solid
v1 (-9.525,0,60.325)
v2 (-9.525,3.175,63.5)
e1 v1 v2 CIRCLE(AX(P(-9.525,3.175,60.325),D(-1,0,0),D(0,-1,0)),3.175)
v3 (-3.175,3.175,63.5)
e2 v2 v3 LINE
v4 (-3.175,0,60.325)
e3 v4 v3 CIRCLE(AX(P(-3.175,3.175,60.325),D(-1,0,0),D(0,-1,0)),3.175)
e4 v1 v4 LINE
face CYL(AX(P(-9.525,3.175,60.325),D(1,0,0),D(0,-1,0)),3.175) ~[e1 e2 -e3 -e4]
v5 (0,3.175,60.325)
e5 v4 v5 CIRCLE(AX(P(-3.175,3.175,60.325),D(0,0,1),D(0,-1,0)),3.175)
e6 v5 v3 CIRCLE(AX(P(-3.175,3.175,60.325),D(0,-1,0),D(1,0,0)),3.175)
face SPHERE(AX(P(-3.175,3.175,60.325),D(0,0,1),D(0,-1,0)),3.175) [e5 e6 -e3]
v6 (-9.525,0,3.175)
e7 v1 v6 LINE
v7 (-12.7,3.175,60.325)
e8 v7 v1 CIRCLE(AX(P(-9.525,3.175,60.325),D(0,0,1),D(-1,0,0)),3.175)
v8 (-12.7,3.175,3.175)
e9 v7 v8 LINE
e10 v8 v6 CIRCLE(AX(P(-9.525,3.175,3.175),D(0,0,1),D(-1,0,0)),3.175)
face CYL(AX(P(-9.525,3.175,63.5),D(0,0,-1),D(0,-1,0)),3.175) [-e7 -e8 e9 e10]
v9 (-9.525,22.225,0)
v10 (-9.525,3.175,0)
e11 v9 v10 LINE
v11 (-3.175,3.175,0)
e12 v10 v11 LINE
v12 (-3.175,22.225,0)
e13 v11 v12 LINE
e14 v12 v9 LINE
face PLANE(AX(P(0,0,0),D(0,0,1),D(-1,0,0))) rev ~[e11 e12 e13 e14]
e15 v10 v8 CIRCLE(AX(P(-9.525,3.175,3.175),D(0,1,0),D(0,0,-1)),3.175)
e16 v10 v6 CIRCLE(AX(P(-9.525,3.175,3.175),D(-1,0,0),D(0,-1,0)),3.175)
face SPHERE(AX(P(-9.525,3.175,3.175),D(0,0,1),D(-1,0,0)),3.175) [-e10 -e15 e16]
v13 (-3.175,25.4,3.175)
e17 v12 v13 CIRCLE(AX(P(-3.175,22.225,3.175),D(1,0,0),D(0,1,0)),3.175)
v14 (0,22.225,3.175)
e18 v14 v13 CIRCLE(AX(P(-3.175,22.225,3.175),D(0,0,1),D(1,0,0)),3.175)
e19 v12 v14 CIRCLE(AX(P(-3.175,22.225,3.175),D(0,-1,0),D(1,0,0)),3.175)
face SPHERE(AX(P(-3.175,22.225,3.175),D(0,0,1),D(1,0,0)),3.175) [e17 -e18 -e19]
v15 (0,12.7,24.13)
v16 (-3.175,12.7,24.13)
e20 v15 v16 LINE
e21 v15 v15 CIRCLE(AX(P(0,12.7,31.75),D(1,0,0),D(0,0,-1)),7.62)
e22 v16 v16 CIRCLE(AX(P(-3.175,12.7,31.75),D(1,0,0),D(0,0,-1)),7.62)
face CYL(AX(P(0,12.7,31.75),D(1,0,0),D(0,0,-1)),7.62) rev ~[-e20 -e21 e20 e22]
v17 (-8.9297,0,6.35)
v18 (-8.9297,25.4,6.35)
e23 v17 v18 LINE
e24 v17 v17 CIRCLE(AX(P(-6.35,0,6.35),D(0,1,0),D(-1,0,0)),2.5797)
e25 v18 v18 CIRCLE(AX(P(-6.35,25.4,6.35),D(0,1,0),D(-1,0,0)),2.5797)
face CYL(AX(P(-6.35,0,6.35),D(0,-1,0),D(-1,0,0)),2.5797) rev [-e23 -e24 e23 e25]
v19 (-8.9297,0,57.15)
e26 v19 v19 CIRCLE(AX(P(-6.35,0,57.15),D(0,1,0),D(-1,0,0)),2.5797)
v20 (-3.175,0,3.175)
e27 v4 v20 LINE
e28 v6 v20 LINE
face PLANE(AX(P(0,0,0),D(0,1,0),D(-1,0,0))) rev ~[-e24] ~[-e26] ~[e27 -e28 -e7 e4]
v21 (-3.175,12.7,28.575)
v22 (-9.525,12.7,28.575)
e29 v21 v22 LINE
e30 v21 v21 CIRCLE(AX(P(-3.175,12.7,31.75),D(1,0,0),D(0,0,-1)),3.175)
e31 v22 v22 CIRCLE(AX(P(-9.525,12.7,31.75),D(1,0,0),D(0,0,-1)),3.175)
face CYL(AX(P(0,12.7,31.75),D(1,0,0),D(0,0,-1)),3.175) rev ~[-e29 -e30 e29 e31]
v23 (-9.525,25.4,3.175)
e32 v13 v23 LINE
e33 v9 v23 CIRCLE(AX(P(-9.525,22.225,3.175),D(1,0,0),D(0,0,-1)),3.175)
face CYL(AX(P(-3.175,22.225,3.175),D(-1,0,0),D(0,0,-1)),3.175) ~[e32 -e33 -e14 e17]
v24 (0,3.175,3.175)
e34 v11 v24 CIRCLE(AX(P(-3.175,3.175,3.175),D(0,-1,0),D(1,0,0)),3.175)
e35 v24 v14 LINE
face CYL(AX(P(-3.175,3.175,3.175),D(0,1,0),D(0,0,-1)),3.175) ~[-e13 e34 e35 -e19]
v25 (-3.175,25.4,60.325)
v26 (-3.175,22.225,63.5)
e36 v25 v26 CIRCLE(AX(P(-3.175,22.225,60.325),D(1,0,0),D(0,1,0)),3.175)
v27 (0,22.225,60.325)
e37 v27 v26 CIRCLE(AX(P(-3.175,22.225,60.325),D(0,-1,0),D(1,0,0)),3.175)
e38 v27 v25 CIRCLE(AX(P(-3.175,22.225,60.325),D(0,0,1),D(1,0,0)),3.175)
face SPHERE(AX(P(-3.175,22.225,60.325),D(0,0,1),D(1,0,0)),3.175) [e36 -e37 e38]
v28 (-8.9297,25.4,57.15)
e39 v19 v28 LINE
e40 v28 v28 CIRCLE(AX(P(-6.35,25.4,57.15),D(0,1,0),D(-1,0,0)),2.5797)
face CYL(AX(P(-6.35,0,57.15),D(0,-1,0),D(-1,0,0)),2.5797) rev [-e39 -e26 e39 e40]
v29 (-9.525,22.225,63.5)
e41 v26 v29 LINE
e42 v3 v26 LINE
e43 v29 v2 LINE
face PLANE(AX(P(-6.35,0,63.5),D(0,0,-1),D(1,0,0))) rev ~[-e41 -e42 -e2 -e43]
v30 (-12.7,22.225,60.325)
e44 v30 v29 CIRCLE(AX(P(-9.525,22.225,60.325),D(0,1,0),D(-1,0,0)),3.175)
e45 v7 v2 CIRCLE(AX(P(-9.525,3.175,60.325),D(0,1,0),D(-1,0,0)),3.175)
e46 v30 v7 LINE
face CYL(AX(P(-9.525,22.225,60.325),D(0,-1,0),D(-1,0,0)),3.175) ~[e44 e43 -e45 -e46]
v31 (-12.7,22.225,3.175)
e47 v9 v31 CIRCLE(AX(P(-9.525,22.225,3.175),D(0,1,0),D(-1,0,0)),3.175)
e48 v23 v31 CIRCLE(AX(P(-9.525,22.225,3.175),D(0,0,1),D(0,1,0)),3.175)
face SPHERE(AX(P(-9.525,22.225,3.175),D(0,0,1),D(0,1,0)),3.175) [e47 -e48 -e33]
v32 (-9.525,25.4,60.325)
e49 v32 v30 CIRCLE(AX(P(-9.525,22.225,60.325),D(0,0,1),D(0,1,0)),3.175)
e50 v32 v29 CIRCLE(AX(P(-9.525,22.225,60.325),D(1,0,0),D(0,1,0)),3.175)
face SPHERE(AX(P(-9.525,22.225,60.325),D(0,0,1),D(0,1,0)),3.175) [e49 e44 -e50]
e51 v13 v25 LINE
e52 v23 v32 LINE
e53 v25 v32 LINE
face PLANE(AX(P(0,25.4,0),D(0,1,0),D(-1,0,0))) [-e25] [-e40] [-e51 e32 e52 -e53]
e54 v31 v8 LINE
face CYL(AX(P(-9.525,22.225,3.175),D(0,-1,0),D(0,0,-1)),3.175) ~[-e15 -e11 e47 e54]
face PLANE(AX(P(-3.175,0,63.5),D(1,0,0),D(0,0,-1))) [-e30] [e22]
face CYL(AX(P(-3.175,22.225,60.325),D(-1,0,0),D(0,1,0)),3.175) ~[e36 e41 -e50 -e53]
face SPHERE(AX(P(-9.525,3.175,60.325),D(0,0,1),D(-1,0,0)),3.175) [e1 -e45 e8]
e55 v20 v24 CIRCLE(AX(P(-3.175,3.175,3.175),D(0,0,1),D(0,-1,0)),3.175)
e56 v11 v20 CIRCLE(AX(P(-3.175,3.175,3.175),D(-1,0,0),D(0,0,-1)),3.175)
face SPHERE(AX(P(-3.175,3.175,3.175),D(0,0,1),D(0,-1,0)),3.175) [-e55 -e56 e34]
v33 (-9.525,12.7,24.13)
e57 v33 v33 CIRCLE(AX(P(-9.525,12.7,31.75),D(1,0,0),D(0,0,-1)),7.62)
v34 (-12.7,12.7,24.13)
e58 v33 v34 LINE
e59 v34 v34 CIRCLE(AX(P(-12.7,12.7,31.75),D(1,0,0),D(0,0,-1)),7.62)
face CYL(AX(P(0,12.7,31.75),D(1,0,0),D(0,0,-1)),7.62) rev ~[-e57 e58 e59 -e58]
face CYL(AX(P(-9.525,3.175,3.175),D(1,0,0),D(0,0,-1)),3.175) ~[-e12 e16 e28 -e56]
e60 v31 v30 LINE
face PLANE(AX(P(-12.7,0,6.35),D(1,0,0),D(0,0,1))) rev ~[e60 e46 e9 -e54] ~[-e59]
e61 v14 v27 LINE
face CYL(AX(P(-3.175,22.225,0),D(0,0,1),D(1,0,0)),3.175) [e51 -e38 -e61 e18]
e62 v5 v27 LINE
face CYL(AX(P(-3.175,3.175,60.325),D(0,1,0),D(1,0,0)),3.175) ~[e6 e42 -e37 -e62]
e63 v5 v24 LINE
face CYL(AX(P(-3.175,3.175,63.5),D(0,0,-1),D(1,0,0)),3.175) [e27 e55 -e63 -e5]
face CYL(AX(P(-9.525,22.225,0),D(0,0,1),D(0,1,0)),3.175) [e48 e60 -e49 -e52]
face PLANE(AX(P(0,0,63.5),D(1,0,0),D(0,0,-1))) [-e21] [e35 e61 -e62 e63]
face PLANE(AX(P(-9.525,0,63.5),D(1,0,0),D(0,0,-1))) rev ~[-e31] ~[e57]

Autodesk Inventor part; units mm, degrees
ref_plane "YZ Plane" through (0, 0, 0) normal (1, 0, 0) x (0, 1, 0)
ref_plane "XZ Plane" through (0, 0, 0) normal (0, 1, 0) x (-1, 0, 0)
ref_plane "XY Plane" through (0, 0, 0) normal (0, 0, 1) x (1, 0, 0)
sketch "Sketch1" plane through (0, 0, 0) normal (0, 1, 0) x (-1, 0, 0)
  line L0 (0, 0) -> (12.7, 0)
  line L1 (12.7, 0) -> (12.7, 63.5)
  line L2 (12.7, 63.5) -> (0, 63.5)
  line L3 (0, 63.5) -> (0, 0)
  circle A0 centre (6.35, 6.35) radius 2.5797
  circle A1 centre (6.35, 57.15) radius 2.5797
  circle A2 centre (6.35, 57.15) radius 6.35
  circle A3 centre (6.35, 6.35) radius 6.35
  dimension "d0" = 12.7
  dimension "d2" = 6.35
  dimension "d3" = 6.35
  dimension "d4" = 5.1594
  dimension "d5" = 6.35
  dimension "d6" = 5.1594
  dimension "d7" = 6.35
  dimension "d43" = 50.8
extrude "Extrusion1" add sketch "Sketch1" along normal blind 25.4
sketch "Sketch4" plane through (0, 0, 63.5) normal (1, 0, 0) x (0, 0, -1)
  circle A0 centre (31.75, 12.7) radius 3.175
  line L0 (0, 0) -> (0, 25.4) projected
  line L1 (0, 0) -> (63.5, 0) projected
  circle A1 centre (31.75, 12.7) radius 7.62
  dimension "d30" = 31.75
  dimension "d31" = 12.7
  dimension "d32" = 6.35
  dimension "d37" = 15.24
  dimension "d42" = 63.5
extrude "Extrusion4" cut sketch "Sketch4" against normal blind 12.7 contours A0 | A1
fillet "Fillet1" radius 3.175 4 edges at (-12.7, 25.4, 31.75) (0, 25.4, 31.75) (0, 0, 31.75) (-12.7, 0, 31.75)
fillet "Fillet2" radius 3.175 16 edges at (-0.9299, 24.4701, 63.5) (-6.35, 25.4, 63.5) (-11.7701, 24.4701, 63.5) (-12.7, 12.7, 63.5) (-11.7701, 0.9299, 63.5) (-6.35, 0, 63.5) (-0.9299, 0.9299, 63.5) (0, 12.7, 63.5) (-0.9299, 24.4701, 0) (-6.35, 25.4, 0) (-11.7701, 24.4701, 0) (-12.7, 12.7, 0) (-11.7701, 0.9299, 0) (-6.35, 0, 0) (-0.9299, 0.9299, 0) (0, 12.7, 0)
extrude "Extrusion5" add sketch "Sketch4" against normal blind 9.525
extrude "Extrusion6" cut sketch "Sketch4" against normal blind 3.175
equation "\"d30\" = 0.5 * d42"
properties part number "piston connection"
